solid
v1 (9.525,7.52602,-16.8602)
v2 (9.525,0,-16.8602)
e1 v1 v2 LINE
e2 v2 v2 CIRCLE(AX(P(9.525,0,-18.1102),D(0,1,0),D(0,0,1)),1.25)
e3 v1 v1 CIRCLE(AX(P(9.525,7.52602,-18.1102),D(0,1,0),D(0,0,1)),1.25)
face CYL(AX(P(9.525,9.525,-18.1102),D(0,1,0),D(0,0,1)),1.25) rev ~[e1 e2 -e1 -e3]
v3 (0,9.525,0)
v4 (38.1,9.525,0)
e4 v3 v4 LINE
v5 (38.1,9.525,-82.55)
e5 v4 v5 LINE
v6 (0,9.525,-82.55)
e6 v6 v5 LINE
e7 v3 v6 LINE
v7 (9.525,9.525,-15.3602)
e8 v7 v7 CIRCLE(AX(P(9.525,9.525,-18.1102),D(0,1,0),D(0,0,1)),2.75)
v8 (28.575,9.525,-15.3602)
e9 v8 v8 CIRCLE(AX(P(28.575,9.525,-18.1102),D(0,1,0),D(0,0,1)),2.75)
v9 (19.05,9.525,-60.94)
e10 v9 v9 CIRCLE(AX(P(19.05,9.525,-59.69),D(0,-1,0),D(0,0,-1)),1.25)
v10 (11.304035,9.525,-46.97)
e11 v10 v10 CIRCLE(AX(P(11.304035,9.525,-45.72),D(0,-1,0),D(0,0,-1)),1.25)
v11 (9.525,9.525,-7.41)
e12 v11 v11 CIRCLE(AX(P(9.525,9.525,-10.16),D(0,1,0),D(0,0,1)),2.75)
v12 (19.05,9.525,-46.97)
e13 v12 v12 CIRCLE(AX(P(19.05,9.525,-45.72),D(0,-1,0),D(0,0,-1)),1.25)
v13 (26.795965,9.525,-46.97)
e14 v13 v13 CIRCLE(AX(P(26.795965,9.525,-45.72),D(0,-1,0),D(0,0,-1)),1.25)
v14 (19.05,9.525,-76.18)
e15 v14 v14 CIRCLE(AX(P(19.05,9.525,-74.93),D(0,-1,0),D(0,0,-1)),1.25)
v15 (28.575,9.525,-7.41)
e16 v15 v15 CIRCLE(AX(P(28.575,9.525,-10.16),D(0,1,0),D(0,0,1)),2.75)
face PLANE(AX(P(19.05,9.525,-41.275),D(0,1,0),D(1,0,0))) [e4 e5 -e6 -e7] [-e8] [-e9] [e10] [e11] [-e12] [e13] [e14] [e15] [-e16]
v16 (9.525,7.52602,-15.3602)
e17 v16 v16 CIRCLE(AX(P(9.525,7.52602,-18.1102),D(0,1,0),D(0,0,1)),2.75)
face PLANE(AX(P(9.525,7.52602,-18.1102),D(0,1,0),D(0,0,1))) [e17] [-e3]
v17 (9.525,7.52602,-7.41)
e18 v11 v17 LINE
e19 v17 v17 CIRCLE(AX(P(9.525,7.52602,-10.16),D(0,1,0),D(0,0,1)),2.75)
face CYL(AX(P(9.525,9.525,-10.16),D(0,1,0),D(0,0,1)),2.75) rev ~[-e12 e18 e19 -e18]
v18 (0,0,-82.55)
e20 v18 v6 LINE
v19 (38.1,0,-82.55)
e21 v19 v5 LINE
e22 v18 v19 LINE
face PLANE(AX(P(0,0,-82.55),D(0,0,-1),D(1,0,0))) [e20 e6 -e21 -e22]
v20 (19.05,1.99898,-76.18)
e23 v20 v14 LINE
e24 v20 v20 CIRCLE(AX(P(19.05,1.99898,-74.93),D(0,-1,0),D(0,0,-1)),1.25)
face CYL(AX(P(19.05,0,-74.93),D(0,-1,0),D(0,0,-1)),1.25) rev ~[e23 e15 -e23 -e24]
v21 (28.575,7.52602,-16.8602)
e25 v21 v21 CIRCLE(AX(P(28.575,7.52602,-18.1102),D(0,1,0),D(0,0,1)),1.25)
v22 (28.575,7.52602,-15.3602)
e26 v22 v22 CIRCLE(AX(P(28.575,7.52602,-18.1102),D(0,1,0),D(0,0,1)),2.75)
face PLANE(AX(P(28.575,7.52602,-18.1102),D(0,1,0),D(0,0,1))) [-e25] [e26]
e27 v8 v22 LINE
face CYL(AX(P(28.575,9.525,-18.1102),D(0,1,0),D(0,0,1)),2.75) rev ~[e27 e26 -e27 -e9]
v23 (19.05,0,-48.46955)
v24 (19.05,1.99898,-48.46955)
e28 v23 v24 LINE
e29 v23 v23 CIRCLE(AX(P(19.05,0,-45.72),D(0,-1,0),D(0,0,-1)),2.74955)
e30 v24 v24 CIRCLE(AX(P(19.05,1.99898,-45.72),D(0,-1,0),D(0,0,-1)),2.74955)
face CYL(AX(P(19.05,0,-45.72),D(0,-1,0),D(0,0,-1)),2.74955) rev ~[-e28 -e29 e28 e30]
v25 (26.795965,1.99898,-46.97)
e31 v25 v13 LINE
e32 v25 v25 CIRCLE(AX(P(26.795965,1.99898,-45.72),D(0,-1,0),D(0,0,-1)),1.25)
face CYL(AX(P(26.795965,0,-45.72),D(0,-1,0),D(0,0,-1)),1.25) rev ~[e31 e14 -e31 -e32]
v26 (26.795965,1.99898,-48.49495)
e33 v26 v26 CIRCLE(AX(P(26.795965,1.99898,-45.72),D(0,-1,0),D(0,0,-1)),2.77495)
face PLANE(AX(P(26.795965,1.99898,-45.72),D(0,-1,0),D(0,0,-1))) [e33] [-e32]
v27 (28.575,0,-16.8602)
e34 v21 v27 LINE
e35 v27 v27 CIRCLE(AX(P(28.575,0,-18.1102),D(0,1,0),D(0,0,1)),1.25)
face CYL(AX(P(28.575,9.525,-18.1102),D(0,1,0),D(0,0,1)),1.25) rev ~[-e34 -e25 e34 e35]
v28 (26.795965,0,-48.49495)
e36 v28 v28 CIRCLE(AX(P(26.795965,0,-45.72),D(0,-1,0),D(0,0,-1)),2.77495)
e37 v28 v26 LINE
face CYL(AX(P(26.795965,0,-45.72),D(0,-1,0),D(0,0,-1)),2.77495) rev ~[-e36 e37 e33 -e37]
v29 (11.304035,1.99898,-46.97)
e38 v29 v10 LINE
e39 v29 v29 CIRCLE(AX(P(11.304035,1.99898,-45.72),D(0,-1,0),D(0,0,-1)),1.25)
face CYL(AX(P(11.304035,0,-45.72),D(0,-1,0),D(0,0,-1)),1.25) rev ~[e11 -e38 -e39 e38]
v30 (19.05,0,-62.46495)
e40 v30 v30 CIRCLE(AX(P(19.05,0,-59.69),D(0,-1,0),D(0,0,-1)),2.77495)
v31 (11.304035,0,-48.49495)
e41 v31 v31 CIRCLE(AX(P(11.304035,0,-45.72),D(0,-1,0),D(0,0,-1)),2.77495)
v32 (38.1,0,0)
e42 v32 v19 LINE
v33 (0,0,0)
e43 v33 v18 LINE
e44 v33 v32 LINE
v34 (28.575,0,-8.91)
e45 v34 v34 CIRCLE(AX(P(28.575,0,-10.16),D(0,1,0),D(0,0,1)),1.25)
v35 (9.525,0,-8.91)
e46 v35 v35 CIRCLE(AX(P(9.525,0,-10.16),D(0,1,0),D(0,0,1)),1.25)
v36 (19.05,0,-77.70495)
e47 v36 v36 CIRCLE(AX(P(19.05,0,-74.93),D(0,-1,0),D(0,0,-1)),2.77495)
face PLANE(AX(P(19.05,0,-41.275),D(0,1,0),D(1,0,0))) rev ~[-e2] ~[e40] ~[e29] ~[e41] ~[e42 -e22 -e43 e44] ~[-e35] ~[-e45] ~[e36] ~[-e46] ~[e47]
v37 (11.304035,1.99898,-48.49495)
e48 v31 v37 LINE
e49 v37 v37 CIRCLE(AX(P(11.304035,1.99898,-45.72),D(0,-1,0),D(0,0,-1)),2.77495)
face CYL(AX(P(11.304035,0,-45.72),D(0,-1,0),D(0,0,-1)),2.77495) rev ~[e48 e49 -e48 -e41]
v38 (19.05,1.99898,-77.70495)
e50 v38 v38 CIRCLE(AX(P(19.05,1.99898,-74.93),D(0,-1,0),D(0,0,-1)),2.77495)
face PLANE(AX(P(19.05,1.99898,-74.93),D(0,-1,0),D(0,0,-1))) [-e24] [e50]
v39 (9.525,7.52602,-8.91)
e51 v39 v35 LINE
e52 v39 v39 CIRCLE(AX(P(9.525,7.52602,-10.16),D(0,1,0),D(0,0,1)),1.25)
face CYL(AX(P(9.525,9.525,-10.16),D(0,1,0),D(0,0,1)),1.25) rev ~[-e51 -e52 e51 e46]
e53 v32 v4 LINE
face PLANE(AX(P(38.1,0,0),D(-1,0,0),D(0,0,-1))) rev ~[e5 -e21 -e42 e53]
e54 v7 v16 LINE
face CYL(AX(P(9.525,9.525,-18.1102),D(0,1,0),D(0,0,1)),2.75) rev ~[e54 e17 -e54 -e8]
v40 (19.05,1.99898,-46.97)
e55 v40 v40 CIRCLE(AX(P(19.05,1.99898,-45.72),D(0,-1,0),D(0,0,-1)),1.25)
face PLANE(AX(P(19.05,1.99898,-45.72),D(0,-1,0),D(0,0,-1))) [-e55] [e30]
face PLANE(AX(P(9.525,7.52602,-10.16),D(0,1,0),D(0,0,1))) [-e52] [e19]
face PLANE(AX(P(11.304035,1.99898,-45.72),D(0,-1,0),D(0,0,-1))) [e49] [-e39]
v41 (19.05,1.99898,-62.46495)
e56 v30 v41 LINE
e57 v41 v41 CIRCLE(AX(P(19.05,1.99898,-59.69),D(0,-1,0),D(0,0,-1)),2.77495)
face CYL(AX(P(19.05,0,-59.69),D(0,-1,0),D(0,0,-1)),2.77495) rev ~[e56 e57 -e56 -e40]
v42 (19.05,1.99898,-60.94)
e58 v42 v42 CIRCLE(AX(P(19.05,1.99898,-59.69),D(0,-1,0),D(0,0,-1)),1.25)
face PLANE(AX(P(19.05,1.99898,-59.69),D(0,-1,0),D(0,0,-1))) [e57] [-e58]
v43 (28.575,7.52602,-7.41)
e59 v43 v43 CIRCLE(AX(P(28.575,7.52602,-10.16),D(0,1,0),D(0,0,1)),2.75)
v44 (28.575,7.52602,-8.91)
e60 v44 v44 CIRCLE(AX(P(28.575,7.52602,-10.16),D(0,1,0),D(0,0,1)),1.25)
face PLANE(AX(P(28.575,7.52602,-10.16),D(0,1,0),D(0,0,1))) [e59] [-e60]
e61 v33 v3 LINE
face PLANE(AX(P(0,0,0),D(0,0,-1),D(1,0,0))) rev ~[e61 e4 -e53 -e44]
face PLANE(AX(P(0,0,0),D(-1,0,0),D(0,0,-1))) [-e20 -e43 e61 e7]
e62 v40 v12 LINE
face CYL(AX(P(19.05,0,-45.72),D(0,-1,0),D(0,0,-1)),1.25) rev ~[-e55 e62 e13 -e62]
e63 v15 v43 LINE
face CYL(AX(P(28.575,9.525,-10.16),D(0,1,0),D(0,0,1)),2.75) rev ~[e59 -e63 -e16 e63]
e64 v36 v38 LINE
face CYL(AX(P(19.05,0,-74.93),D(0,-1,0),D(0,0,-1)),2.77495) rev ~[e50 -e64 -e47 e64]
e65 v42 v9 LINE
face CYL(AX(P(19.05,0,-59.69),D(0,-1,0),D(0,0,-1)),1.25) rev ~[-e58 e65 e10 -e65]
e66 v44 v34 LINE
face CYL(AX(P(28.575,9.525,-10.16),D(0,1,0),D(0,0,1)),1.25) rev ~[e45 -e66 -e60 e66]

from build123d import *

# Parameters (mm, degrees)
SKETCH1_W           = 38.1
SKETCH1_H           = 82.55
BOSS_EXTRUDE1_DEPTH = 9.525
SKETCH2_R           = 2.77495
CUT_EXTRUDE1_DEPTH  = 1.99898
SKETCH3_R           = 1.25
CUT_EXTRUDE2_DEPTH  = 92.41574331
SKETCH4_R           = 2.74955
SKETCH4_R_2         = 2.77495
CUT_EXTRUDE3_DEPTH  = 1.99898
SKETCH5_R           = 1.25
CUT_EXTRUDE4_DEPTH  = 92.41574331
SKETCH6_R           = 2.75
CUT_EXTRUDE5_DEPTH  = 1.99898
SKETCH7_R           = 1.25
CUT_EXTRUDE6_DEPTH  = 10


with BuildPart() as part:
    # Sketch1 → Boss-Extrude1 (new body)
    with BuildSketch(Plane(origin=(0, 0, 0), x_dir=(1, 0, 0), z_dir=(0, 1, 0))):
        with Locations((19.05, 41.275)):
            Rectangle(SKETCH1_W, SKETCH1_H)
    extrude(amount=BOSS_EXTRUDE1_DEPTH)

    # Sketch2 → Cut-Extrude1 (cut)
    with BuildSketch(Plane.XZ):
        with Locations(Location((19.05, -74.93, 0), (0, 0, 270))):
            Circle(SKETCH2_R)
        with Locations(Location((19.05, -59.69, 0), (0, 0, 270))):
            Circle(SKETCH2_R)
    extrude(amount=-CUT_EXTRUDE1_DEPTH, mode=Mode.SUBTRACT)

    # Sketch3 → Cut-Extrude2 (cut, through all)
    with BuildSketch(Plane.XZ):
        with Locations(Location((19.05, -74.93, 0), (0, 0, 270))):
            Circle(SKETCH3_R)
        with Locations(Location((19.05, -59.69, 0), (0, 0, 270))):
            Circle(SKETCH3_R)
    extrude(amount=-CUT_EXTRUDE2_DEPTH, mode=Mode.SUBTRACT)

    # Sketch4 → Cut-Extrude3 (cut)
    with BuildSketch(Plane.XZ):
        with Locations(Location((19.05, -45.72, 0), (0, 0, 270))):
            Circle(SKETCH4_R)
        with Locations(Location((11.30403505, -45.72, 0), (0, 0, 270))):
            Circle(SKETCH4_R_2)
        with Locations(Location((26.79596495, -45.72, 0), (0, 0, 270))):
            Circle(SKETCH4_R_2)
    extrude(amount=-CUT_EXTRUDE3_DEPTH, mode=Mode.SUBTRACT)

    # Sketch5 → Cut-Extrude4 (cut, through all)
    with BuildSketch(Plane.XZ):
        with Locations(Location((19.05, -45.72, 0), (0, 0, 270))):
            Circle(SKETCH5_R)
        with Locations(Location((26.79596495, -45.72, 0), (0, 0, 270))):
            Circle(SKETCH5_R)
        with Locations(Location((11.30403505, -45.72, 0), (0, 0, 270))):
            Circle(SKETCH5_R)
    extrude(amount=-CUT_EXTRUDE4_DEPTH, mode=Mode.SUBTRACT)

    # Sketch6 → Cut-Extrude5 (cut)
    with BuildSketch(Plane(origin=(0, 9.525, 0), x_dir=(1, 0, 0), z_dir=(0, 1, 0))):
        with Locations(Location((9.525, 18.1102, 0), (0, 0, 270))):
            Circle(SKETCH6_R)
        with Locations(Location((9.525, 10.16, 0), (0, 0, 270))):
            Circle(SKETCH6_R)
        with Locations(Location((28.575, 18.1102, 0), (0, 0, 270))):
            Circle(SKETCH6_R)
        with Locations(Location((28.575, 10.16, 0), (0, 0, 270))):
            Circle(SKETCH6_R)
    extrude(amount=-CUT_EXTRUDE5_DEPTH, mode=Mode.SUBTRACT)

    # Sketch7 → Cut-Extrude6 (cut)
    with BuildSketch(Plane(origin=(0, 9.525, 0), x_dir=(1, 0, 0), z_dir=(0, 1, 0))):
        with Locations(Location((9.525, 18.1102, 0), (0, 0, 270))):
            Circle(SKETCH7_R)
        with Locations(Location((9.525, 10.16, 0), (0, 0, 270))):
            Circle(SKETCH7_R)
        with Locations(Location((28.575, 10.16, 0), (0, 0, 270))):
            Circle(SKETCH7_R)
        with Locations(Location((28.575, 18.1102, 0), (0, 0, 270))):
            Circle(SKETCH7_R)
    extrude(amount=-CUT_EXTRUDE6_DEPTH, mode=Mode.SUBTRACT)


solid = part.part
